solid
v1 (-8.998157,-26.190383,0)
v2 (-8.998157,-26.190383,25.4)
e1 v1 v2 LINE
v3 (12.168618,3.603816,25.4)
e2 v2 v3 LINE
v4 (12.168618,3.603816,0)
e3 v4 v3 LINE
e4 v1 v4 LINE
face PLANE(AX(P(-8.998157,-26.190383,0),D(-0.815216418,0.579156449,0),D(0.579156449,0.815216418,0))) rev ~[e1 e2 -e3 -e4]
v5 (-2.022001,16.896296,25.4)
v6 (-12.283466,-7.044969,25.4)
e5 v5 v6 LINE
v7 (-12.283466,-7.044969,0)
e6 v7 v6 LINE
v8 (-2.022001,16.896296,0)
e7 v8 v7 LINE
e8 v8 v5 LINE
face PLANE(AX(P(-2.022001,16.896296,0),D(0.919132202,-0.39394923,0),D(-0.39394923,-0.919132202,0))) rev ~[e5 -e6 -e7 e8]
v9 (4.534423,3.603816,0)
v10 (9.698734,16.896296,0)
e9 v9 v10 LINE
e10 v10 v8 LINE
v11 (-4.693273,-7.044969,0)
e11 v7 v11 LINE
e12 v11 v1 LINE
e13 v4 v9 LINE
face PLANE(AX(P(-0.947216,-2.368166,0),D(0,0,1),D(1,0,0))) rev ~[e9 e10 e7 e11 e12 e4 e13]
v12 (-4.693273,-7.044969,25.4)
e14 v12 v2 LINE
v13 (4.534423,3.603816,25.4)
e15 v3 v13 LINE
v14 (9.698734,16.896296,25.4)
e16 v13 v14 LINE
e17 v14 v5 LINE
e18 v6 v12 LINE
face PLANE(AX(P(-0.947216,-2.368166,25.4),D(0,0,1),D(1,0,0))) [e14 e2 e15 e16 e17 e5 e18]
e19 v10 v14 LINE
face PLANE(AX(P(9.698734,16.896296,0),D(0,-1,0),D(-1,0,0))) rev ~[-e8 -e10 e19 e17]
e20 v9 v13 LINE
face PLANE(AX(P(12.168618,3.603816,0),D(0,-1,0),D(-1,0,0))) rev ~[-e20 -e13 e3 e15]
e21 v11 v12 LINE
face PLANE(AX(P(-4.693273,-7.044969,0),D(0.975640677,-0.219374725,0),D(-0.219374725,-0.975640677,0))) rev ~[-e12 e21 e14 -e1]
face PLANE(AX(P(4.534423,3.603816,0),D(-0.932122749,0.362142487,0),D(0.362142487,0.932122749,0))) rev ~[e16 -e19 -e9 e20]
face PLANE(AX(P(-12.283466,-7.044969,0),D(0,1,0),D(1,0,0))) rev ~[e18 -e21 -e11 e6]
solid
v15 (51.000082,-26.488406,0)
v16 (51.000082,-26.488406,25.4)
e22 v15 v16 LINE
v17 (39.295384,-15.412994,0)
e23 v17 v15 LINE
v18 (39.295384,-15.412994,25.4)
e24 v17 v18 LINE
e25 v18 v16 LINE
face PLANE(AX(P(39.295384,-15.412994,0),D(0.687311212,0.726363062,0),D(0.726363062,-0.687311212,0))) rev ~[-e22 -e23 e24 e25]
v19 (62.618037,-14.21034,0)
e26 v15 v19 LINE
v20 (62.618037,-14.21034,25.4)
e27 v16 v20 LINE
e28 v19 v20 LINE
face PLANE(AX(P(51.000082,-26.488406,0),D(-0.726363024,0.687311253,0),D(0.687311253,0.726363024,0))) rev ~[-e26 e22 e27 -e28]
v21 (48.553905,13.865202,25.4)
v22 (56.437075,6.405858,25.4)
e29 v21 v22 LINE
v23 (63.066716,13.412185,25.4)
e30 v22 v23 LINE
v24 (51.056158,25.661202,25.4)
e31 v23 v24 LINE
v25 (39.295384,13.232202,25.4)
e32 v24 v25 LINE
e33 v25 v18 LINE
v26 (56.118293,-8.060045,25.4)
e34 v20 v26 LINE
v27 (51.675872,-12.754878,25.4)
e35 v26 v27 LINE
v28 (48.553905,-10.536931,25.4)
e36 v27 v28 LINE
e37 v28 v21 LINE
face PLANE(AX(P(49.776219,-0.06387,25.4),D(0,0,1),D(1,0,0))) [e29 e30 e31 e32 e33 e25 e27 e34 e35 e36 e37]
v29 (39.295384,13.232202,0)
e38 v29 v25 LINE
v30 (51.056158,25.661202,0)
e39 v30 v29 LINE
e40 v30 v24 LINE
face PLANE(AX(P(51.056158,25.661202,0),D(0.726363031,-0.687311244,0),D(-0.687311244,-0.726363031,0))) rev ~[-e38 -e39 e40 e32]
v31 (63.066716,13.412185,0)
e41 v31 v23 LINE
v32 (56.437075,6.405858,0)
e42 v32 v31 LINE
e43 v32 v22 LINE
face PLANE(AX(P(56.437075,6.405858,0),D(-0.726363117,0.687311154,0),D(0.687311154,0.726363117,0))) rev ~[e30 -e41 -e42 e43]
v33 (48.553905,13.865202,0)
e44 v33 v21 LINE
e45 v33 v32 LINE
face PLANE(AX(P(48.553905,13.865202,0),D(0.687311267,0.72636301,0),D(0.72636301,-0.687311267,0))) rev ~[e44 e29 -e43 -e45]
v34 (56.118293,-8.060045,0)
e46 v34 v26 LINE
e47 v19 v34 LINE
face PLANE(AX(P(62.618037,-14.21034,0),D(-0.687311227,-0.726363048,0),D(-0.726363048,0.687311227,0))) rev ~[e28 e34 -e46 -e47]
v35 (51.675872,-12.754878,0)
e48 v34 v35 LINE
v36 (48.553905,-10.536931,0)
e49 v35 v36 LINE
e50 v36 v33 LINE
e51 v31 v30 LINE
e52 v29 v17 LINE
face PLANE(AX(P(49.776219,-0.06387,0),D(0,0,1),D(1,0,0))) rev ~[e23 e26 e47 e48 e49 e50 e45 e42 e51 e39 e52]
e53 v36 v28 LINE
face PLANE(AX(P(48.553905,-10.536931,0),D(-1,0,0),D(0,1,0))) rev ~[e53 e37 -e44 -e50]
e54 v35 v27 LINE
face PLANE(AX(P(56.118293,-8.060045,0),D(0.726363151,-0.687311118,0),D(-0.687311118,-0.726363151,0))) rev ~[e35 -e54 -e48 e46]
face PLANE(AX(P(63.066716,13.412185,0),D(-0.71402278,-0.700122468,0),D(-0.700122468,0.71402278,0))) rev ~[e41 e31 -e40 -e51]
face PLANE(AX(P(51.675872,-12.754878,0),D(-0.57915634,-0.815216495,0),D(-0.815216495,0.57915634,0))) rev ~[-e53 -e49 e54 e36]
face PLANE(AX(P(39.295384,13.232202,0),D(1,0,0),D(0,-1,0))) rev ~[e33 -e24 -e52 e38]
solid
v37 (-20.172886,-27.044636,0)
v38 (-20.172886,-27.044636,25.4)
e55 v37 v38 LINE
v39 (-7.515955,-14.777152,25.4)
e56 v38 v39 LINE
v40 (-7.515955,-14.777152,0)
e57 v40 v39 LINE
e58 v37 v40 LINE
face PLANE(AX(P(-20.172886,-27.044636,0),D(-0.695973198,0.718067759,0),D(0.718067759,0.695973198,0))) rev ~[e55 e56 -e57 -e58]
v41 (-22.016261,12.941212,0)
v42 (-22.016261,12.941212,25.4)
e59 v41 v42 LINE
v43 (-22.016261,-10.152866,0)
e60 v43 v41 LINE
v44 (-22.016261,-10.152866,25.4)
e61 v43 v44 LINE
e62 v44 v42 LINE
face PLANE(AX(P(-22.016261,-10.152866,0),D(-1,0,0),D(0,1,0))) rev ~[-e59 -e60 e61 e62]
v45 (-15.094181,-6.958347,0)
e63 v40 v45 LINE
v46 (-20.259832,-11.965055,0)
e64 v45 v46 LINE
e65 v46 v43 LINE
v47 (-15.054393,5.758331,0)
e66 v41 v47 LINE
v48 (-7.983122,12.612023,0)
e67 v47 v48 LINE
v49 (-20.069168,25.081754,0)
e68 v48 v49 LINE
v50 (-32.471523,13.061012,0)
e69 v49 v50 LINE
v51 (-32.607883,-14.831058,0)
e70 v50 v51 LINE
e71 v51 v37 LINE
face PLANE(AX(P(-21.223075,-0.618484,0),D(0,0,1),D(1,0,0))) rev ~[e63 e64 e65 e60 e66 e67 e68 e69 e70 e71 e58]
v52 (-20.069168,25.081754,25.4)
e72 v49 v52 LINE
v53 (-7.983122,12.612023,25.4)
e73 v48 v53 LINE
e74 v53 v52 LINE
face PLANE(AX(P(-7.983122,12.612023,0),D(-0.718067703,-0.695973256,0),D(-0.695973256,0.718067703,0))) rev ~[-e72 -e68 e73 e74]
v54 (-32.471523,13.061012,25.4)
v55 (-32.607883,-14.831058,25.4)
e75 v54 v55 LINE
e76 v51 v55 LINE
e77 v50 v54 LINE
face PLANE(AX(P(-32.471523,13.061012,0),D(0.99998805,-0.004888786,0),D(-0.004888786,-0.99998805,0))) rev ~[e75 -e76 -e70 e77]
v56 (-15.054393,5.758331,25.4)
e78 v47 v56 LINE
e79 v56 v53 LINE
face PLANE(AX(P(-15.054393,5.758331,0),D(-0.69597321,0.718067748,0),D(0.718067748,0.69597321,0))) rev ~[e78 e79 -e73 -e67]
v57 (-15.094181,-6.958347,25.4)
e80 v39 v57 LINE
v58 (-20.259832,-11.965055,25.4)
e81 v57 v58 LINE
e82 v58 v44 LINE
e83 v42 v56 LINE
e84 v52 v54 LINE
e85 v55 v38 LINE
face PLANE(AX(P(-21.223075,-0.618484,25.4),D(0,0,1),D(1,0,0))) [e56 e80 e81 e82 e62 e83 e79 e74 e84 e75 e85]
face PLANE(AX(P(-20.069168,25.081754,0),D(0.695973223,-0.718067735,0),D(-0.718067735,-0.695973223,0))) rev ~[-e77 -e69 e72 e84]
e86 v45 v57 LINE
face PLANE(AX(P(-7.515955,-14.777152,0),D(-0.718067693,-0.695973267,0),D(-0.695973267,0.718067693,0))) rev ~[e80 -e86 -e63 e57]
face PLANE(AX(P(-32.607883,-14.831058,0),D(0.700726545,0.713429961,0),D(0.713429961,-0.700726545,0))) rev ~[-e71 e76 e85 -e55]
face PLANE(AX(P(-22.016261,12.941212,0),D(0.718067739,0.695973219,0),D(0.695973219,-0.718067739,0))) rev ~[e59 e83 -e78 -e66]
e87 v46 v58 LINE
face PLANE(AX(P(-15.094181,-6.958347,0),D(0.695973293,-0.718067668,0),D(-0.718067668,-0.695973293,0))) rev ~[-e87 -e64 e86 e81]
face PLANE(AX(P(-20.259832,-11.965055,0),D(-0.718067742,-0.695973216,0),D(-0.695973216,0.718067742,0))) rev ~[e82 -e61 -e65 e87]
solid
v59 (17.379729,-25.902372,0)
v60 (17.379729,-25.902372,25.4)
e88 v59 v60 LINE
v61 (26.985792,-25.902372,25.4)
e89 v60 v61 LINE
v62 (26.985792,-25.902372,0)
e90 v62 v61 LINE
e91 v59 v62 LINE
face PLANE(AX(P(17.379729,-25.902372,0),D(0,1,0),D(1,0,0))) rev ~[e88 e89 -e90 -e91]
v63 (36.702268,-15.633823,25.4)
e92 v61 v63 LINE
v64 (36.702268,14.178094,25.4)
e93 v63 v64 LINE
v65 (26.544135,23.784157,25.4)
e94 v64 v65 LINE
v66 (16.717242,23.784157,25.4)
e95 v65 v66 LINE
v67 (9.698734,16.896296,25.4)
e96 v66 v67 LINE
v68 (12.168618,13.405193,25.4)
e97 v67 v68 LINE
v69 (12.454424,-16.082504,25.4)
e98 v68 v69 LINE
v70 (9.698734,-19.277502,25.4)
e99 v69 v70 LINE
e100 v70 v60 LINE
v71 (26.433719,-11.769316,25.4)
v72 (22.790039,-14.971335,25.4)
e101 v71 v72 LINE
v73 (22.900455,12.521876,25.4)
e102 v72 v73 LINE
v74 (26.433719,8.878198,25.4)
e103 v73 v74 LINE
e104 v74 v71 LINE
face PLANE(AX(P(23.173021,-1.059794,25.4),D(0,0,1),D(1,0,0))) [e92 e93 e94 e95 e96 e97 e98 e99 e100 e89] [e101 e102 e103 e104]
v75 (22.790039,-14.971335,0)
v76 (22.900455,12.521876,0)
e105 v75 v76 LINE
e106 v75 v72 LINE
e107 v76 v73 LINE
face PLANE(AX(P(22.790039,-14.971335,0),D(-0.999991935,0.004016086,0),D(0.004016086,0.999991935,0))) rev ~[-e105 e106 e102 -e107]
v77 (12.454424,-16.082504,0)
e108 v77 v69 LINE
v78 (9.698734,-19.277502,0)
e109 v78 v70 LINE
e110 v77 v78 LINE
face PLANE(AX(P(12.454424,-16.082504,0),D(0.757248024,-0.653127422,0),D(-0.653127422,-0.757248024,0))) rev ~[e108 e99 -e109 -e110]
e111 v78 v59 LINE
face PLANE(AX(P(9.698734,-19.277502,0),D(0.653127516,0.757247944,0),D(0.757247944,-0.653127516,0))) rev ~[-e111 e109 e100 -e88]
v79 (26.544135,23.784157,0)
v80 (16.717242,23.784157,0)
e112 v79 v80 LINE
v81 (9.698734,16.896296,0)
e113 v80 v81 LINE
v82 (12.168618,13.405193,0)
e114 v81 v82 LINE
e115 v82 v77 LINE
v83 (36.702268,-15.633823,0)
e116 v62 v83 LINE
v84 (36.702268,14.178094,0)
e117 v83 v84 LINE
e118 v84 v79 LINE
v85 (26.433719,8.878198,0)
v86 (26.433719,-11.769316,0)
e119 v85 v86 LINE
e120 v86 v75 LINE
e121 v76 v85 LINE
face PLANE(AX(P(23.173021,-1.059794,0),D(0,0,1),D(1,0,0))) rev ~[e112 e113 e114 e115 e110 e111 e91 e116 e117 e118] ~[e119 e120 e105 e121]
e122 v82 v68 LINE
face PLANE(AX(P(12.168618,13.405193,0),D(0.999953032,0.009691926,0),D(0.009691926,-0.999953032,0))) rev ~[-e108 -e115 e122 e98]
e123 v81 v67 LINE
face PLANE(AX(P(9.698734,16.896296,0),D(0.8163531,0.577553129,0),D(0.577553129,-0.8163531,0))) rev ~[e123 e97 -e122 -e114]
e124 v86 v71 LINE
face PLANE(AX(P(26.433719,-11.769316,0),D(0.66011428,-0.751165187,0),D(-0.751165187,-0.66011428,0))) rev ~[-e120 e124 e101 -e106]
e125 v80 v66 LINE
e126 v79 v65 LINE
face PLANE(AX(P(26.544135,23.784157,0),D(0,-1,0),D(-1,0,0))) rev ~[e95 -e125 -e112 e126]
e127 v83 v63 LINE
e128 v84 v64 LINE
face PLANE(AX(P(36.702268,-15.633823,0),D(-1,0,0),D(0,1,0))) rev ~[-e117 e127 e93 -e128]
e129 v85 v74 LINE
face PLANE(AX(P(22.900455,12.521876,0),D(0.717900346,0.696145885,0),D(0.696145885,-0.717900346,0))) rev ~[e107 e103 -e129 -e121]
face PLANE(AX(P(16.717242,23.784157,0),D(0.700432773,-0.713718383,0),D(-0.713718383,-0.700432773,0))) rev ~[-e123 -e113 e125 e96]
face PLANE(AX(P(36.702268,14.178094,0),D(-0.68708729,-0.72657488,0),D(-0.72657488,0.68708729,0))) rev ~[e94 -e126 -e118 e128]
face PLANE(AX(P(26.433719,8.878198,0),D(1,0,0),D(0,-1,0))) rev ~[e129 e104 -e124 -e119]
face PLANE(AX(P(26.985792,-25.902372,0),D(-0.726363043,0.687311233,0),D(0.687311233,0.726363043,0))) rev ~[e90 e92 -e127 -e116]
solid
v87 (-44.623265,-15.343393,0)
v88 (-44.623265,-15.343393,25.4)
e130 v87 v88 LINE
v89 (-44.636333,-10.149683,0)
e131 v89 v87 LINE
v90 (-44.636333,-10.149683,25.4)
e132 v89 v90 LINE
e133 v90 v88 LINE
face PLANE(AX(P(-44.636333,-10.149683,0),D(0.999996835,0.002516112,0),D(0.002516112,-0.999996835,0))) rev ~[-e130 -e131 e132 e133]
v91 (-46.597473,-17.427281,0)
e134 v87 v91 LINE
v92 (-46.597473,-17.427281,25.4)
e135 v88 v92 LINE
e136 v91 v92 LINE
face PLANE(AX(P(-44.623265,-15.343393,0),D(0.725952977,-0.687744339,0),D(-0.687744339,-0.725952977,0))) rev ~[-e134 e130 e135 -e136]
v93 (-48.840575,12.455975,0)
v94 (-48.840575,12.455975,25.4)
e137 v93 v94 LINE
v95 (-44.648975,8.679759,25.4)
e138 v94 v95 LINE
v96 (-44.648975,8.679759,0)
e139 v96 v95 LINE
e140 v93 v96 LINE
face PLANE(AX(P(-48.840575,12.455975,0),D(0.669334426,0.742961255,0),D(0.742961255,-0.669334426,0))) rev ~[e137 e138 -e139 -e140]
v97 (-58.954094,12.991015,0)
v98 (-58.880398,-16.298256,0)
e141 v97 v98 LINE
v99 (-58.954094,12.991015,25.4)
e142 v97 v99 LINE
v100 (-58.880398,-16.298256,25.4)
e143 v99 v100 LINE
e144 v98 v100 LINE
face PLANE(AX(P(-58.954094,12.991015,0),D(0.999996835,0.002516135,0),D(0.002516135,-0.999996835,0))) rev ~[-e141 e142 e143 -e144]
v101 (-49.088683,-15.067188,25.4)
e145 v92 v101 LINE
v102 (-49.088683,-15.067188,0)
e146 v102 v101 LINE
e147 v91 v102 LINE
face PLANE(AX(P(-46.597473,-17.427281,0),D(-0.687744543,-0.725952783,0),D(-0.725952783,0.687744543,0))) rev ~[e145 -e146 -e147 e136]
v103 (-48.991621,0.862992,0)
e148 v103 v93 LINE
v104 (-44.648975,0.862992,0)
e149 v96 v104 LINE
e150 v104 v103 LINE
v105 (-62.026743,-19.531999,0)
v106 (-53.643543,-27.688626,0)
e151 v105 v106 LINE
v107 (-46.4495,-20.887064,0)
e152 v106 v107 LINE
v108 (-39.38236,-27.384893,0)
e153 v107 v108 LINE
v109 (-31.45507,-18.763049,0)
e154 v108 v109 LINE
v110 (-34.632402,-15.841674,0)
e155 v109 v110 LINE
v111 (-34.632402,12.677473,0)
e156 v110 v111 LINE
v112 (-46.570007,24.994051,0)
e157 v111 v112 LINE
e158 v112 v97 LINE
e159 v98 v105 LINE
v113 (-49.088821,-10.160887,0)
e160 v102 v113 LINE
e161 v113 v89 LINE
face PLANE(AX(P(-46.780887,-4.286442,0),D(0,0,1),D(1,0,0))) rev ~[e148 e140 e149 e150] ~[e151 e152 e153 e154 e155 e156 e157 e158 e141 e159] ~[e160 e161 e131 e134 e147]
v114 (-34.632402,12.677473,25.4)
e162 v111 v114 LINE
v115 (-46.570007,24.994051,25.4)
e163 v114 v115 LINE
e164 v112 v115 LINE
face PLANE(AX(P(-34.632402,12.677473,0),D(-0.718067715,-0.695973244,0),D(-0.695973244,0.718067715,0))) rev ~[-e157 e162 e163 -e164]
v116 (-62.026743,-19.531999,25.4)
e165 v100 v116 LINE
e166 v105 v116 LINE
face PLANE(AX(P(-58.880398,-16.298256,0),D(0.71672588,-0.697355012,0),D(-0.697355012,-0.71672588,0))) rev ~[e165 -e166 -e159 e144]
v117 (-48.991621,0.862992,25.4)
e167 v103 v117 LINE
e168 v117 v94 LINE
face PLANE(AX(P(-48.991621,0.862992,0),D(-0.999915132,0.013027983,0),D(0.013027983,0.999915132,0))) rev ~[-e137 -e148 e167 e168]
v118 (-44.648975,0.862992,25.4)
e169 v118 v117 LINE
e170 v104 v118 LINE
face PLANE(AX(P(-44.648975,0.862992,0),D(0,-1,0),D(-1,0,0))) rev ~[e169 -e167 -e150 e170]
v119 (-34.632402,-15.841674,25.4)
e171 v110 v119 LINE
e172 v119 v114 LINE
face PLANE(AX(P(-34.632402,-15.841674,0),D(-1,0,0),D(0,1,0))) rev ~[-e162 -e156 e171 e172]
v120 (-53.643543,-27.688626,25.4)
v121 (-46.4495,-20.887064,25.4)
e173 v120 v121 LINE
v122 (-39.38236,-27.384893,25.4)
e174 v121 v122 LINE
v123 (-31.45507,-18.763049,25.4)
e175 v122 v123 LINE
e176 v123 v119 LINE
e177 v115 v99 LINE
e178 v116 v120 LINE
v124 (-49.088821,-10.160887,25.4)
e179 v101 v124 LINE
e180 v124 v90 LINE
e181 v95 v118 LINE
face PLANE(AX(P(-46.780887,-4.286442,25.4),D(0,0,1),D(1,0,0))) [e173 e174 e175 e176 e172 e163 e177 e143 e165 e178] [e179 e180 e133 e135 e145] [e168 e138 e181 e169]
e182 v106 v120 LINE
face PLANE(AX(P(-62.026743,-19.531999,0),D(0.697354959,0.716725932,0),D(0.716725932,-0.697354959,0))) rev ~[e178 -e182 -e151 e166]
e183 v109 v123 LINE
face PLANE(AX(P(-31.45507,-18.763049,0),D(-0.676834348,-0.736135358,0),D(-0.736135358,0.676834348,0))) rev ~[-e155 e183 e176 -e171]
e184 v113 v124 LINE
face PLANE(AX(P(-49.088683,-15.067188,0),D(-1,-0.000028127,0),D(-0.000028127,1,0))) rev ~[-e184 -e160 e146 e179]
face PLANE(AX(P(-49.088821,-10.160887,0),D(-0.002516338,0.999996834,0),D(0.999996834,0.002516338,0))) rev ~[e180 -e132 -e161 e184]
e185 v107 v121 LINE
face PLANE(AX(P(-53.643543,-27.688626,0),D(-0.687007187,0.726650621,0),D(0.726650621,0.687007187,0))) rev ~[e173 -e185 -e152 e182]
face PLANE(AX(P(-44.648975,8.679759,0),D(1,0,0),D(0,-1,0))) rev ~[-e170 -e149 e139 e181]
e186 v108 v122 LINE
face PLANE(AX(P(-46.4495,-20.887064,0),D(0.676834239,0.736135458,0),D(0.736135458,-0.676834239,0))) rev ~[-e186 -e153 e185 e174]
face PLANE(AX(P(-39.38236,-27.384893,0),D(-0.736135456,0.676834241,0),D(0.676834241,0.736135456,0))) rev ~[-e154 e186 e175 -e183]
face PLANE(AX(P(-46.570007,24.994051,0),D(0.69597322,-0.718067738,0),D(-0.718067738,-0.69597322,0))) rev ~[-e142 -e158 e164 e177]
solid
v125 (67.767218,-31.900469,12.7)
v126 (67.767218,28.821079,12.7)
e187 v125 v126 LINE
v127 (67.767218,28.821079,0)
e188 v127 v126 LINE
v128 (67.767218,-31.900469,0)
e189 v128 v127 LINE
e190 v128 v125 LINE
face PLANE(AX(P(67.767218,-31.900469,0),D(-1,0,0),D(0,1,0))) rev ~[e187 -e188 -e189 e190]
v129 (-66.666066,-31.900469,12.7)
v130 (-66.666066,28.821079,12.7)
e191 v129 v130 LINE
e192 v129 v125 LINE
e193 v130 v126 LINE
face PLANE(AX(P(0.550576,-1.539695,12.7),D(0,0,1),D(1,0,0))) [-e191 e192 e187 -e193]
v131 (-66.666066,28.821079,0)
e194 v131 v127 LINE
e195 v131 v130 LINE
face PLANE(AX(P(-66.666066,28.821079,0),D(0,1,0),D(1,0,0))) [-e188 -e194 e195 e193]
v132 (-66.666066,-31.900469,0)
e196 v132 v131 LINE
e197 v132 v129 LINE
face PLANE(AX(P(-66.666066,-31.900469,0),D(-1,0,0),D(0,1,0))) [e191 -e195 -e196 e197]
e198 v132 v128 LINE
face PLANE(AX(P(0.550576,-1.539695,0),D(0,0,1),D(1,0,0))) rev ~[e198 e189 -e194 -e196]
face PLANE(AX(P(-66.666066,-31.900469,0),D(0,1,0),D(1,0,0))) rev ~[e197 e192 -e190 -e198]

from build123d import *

# Parameters (mm, degrees)
F2_DEPTH = 25.4
F1_W     = 134.433285
F1_H     = 60.721548
F3_DEPTH = 12.7


with BuildPart() as f2:
    # F0 (on Top) → F2 (new body)
    with BuildSketch(Plane.XY):
        Polygon((-46.570007, 24.994051), (-58.954094, 12.991015), (-58.880398, -16.298256), (-62.026743, -19.531999), (-53.643543, -27.688626), (-46.4495, -20.887064), (-39.38236, -27.384893), (-31.45507, -18.763049), (-34.632402, -15.841674), (-34.632402, 12.677473), align=None)
        Polygon((-46.597473, -17.427281), (-49.088683, -15.067188), (-49.088821, -10.160887), (-44.636333, -10.149683), (-44.623265, -15.343393), align=None, mode=Mode.SUBTRACT)
        Polygon((-44.648975, 0.862992), (-48.991621, 0.862992), (-48.840575, 12.455975), (-44.648975, 8.679759), align=None, mode=Mode.SUBTRACT)
        Polygon((-20.069168, 25.081754), (-32.471523, 13.061012), (-32.607883, -14.831058), (-20.172886, -27.044636), (-7.515955, -14.777152), (-15.094181, -6.958347), (-20.259832, -11.965055), (-22.016261, -10.152866), (-22.016261, 12.941212), (-15.054393, 5.758331), (-7.983122, 12.612023), align=None)
        Polygon((16.717242, 23.784157), (9.698734, 16.896296), (12.168618, 13.405193), (12.454424, -16.082504), (9.698734, -19.277502), (17.379729, -25.902372), (26.985792, -25.902372), (36.702268, -15.633823), (36.702268, 14.178094), (26.544135, 23.784157), align=None)
        Polygon((22.790039, -14.971335), (22.900455, 12.521876), (26.433719, 8.878198), (26.433719, -11.769316), align=None, mode=Mode.SUBTRACT)
        Polygon((9.698734, 16.896296), (-2.022001, 16.896296), (-12.283466, -7.044969), (-4.693273, -7.044969), (-8.998157, -26.190383), (12.168618, 3.603816), (4.534423, 3.603816), align=None)
        Polygon((63.066716, 13.412185), (51.056158, 25.661202), (39.295384, 13.232202), (39.295384, -15.412994), (51.000082, -26.488406), (62.618037, -14.21034), (56.118293, -8.060045), (51.675872, -12.754878), (48.553905, -10.536931), (48.553905, 13.865202), (56.437075, 6.405858), align=None)
    extrude(amount=F2_DEPTH)


with BuildPart() as f3:
    # F1 (on Top) → F3 (new body)
    with BuildSketch(Plane.XY):
        with Locations((0.550576, -1.539695)):
            Rectangle(F1_W, F1_H)
    extrude(amount=F3_DEPTH)


solid = Compound([f2.part, f3.part])
